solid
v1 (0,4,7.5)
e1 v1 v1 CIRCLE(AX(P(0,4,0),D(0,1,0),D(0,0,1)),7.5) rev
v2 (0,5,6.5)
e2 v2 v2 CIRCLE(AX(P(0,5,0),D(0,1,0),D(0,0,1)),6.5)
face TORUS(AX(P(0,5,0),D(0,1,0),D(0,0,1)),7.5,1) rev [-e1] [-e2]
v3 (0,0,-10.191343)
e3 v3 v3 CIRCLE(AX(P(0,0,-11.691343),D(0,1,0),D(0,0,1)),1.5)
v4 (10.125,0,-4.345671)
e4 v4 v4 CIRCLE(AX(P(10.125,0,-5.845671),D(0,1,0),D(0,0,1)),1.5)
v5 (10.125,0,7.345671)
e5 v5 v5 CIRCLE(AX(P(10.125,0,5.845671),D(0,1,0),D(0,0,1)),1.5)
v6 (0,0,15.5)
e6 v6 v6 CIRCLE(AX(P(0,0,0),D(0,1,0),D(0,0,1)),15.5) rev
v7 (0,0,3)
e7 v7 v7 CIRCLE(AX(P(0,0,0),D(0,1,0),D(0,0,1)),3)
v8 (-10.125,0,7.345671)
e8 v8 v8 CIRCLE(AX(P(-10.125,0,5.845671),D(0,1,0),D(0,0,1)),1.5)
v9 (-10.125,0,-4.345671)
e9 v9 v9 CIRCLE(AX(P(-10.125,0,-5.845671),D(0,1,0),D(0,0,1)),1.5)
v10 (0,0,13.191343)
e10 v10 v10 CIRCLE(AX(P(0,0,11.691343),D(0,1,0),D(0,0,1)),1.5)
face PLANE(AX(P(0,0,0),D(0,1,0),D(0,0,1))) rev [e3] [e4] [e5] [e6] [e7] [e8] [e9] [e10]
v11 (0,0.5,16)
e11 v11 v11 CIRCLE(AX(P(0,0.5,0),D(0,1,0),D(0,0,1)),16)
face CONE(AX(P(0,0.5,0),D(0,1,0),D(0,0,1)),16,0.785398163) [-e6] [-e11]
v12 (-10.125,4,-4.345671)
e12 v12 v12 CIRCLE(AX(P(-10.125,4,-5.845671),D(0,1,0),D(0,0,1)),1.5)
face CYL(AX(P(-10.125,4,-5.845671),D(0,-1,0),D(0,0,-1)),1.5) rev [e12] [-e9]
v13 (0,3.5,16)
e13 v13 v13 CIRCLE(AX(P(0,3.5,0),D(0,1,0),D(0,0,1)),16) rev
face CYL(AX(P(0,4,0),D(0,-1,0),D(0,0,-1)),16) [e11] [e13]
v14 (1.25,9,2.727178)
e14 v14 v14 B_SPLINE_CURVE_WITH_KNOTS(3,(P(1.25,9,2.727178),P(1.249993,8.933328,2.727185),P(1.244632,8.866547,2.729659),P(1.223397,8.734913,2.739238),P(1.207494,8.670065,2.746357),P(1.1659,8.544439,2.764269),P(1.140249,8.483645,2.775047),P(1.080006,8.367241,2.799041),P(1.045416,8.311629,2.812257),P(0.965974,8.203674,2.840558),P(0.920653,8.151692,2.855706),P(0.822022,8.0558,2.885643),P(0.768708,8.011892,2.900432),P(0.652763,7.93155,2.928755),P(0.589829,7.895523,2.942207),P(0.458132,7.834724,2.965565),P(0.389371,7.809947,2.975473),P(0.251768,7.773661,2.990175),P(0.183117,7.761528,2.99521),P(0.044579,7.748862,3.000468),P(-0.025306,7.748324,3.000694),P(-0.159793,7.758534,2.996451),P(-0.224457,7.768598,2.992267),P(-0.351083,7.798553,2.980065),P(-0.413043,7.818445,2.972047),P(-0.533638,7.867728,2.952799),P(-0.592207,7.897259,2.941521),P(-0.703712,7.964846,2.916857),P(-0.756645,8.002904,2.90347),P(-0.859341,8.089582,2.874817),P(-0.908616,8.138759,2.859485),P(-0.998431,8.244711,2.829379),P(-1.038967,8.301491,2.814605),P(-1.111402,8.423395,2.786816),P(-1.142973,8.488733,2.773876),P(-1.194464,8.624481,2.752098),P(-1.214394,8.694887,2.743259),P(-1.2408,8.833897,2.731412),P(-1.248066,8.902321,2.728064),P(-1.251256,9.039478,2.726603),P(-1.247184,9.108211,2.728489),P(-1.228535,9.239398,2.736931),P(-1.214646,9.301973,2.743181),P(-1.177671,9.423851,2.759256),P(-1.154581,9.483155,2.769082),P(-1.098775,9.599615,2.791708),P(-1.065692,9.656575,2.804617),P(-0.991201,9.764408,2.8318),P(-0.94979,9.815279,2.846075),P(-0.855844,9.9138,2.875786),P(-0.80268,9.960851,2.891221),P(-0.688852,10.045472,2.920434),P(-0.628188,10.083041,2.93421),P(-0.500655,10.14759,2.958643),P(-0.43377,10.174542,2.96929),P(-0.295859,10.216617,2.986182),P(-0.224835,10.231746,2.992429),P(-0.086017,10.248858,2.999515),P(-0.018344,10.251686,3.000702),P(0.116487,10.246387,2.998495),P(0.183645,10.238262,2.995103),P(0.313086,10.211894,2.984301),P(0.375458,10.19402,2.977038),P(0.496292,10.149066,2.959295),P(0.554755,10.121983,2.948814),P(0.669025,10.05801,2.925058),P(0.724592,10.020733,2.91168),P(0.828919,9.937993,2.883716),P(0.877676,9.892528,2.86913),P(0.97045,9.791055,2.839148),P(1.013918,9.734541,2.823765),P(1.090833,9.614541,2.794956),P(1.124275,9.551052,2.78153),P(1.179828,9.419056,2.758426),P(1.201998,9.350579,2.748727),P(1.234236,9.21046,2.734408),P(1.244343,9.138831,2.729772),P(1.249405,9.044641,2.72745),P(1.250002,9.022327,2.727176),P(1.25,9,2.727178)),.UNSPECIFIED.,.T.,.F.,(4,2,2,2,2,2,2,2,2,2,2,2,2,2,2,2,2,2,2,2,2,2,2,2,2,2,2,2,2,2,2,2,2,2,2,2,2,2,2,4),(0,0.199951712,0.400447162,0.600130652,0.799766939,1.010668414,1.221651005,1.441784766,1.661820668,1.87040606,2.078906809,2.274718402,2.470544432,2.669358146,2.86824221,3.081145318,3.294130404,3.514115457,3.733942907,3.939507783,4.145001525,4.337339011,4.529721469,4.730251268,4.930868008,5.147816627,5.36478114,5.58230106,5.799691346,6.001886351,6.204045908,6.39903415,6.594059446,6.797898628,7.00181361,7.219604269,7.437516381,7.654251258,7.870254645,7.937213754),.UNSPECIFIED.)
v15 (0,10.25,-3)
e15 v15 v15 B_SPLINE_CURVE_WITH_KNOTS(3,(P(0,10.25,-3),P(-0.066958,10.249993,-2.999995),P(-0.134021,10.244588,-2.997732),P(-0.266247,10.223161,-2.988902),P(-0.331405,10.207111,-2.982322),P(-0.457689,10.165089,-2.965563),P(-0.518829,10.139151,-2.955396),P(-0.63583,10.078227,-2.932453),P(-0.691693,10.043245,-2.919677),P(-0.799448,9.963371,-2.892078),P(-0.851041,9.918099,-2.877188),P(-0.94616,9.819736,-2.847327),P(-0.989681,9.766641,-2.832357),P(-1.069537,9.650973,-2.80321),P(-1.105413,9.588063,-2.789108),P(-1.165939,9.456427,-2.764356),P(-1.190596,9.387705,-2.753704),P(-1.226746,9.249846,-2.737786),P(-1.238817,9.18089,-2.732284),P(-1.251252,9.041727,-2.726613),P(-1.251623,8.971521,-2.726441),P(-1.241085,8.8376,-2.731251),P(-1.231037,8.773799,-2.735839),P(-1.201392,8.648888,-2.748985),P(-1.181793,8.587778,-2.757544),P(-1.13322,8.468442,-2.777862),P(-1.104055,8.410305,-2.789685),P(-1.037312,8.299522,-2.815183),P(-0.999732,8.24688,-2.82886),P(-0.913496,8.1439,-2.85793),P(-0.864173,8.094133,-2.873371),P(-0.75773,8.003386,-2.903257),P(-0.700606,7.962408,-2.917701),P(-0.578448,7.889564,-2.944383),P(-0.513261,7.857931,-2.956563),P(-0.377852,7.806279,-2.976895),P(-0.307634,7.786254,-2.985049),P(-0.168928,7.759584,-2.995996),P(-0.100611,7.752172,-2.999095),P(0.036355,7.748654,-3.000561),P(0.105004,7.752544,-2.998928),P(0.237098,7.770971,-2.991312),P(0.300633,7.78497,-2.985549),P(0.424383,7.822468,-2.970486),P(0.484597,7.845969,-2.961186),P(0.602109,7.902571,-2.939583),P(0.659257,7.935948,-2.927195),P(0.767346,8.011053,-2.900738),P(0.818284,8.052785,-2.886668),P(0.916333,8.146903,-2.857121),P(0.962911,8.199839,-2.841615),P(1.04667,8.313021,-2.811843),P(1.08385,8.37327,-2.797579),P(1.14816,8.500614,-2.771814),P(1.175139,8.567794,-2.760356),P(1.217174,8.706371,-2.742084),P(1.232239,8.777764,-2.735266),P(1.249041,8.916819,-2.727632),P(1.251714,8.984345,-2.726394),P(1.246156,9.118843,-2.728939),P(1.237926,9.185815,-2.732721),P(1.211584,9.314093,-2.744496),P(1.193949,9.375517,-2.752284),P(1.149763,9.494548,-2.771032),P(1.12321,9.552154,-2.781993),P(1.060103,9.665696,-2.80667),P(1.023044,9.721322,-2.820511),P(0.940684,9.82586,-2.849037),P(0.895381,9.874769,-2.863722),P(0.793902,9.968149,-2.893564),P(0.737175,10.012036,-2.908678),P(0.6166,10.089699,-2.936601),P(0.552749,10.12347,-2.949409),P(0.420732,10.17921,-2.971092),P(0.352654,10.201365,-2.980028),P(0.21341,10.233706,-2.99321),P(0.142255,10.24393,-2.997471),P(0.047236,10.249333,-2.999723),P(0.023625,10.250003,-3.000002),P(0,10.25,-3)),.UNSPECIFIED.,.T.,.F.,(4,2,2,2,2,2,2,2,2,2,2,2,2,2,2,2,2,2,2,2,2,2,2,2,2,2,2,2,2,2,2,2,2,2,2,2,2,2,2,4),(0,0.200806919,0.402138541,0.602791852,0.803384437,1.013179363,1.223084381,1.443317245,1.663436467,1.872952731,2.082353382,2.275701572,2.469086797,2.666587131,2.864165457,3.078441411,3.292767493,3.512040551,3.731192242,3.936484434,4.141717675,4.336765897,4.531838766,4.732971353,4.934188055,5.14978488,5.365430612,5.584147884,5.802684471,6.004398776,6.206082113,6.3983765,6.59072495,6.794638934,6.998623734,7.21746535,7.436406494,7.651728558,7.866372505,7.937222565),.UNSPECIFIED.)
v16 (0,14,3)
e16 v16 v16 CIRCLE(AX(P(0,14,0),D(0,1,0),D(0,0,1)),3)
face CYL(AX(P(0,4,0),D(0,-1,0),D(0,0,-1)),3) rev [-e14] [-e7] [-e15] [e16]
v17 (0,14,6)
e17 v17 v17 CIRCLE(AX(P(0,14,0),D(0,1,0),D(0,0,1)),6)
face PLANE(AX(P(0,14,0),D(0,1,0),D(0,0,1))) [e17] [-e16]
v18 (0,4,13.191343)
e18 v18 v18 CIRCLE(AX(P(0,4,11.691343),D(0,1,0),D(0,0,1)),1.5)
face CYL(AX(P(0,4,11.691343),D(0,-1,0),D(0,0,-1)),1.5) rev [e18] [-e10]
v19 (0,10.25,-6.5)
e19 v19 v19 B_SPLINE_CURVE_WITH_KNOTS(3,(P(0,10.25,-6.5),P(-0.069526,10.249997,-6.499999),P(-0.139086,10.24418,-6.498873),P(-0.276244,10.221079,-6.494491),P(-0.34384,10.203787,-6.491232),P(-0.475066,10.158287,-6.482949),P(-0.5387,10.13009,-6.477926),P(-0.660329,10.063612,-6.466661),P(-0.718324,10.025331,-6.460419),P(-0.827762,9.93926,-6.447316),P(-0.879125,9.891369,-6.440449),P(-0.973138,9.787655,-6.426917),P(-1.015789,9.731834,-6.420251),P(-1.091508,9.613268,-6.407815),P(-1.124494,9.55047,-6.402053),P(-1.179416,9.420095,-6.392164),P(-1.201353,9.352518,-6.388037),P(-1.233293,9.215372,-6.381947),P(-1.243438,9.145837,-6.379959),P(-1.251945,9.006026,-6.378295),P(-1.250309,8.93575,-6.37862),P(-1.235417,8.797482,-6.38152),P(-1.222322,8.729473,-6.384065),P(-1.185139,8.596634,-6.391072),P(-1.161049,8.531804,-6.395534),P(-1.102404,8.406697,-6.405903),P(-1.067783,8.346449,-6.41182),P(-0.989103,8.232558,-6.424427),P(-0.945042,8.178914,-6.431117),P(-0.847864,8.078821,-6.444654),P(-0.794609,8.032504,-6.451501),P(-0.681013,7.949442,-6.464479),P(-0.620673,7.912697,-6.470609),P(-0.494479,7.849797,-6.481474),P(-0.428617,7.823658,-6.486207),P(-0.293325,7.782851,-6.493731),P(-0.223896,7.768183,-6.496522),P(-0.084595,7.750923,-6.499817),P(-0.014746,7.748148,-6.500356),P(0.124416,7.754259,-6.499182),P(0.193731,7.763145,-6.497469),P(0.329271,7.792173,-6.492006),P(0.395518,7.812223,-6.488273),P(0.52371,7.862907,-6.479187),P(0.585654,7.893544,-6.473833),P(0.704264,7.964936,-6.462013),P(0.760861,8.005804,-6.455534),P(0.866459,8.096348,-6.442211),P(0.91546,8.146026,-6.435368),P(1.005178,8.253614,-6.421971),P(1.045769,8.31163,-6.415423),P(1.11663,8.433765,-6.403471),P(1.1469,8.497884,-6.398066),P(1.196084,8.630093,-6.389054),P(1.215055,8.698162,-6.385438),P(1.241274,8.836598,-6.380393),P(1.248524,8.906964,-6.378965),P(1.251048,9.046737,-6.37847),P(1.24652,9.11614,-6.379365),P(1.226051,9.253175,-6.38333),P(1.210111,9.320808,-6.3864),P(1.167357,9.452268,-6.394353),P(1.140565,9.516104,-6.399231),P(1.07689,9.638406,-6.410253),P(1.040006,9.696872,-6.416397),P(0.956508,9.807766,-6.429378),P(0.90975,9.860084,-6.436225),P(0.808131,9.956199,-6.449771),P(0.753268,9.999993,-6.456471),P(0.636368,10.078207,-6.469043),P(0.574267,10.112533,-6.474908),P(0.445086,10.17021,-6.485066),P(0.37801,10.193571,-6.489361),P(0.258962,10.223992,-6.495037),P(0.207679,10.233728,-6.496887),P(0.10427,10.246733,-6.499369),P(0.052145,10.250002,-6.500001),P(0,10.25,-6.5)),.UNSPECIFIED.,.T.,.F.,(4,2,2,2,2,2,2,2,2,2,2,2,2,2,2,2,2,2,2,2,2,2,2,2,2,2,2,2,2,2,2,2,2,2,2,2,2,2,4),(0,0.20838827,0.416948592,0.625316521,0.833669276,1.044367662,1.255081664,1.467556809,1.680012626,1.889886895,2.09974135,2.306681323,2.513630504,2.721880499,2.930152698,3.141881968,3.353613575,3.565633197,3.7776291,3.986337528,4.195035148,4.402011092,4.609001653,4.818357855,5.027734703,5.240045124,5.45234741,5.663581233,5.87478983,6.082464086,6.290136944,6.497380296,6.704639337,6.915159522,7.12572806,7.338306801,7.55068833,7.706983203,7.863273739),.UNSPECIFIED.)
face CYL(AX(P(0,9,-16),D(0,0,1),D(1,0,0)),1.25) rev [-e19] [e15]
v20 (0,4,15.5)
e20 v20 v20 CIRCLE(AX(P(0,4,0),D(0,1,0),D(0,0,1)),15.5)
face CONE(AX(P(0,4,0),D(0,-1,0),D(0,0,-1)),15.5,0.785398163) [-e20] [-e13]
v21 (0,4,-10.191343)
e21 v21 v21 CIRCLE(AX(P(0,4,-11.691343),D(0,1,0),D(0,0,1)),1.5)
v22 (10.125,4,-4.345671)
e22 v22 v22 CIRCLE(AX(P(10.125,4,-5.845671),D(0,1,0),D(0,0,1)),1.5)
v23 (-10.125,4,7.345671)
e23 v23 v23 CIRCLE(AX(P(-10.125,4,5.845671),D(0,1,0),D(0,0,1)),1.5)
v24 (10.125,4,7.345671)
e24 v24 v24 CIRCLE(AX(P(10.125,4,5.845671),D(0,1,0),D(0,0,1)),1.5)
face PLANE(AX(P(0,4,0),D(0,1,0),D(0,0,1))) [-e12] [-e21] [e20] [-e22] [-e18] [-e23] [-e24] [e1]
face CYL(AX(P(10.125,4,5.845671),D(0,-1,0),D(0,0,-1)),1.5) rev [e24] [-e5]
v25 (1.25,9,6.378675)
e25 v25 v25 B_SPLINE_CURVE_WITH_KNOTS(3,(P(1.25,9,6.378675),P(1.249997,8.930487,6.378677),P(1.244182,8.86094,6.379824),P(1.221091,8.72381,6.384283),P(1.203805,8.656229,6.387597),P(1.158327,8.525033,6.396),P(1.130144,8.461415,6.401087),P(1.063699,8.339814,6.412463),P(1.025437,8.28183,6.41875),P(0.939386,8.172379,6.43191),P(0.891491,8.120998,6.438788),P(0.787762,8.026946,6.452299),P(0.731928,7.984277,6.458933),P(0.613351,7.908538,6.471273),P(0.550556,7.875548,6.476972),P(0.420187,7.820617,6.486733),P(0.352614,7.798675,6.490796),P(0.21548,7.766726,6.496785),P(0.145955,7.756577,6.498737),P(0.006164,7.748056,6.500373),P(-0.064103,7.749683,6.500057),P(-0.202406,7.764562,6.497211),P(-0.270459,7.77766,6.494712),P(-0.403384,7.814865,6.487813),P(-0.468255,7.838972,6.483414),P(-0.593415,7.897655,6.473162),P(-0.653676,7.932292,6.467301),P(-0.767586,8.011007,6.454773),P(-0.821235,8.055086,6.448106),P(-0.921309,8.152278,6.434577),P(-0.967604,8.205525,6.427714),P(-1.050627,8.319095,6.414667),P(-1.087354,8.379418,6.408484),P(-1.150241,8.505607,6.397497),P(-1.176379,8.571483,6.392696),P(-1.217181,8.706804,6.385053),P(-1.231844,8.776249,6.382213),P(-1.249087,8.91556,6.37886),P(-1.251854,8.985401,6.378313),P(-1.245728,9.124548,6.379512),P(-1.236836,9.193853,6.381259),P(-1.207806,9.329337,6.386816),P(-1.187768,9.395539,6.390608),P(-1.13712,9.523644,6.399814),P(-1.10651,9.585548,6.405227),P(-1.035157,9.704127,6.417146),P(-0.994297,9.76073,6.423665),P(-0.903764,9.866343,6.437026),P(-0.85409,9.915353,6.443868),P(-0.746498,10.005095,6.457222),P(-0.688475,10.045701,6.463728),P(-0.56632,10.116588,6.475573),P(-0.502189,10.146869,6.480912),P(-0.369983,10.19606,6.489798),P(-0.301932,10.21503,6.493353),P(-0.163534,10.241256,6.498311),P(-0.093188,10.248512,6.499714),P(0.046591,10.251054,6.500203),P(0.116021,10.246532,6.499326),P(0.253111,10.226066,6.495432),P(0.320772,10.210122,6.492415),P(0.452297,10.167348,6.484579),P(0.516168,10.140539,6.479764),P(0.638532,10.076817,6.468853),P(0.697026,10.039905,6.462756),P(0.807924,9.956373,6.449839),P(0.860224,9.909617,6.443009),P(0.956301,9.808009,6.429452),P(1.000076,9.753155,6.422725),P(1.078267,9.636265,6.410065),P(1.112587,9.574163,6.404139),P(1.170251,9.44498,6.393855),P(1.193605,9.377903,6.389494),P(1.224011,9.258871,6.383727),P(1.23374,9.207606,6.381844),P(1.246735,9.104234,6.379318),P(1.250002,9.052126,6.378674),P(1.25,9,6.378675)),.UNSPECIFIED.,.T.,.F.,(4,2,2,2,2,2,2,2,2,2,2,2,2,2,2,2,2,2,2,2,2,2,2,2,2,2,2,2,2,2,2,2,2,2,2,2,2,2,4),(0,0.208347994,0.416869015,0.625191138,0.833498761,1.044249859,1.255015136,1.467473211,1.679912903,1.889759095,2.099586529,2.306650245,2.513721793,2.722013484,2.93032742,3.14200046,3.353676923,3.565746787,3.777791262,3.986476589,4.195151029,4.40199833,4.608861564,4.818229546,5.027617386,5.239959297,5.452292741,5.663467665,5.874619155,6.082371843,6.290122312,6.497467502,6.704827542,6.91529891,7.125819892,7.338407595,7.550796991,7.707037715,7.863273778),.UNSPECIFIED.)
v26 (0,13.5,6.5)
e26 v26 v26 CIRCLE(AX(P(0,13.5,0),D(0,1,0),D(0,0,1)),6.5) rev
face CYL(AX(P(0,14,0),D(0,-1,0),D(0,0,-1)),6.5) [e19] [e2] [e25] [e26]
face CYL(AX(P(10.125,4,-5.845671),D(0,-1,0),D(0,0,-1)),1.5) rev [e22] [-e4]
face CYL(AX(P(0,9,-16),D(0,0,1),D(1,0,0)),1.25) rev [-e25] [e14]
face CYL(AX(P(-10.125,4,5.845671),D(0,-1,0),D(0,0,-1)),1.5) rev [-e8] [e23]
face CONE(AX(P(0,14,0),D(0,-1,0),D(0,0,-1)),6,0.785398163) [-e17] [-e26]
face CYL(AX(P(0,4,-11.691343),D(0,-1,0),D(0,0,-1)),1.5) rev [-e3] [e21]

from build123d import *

# Parameters (mm, degrees)
SKETCH1_R               = 16
SKETCH1_R_2             = 1.5
SKETCH1_R_3             = 3
BOSS_EXTRUDE1_DEPTH     = 4
SKETCH2_R               = 6.5
SKETCH2_R_2             = 3
BOSS_EXTRUDE2_DEPTH     = 10
FILLET1_R               = 1
CUT_EXTRUDE1_DEPTH      = 27.608269391
CUT_EXTRUDE1_DEPTH_BACK = 27.608269391
SKETCH3_R               = 1.25
CHAMFER1_SIZE           = 0.5


with BuildPart() as part:
    # Sketch1 → Boss-Extrude1 (new body)
    with BuildSketch(Plane(origin=(0, 0, 0), x_dir=(1, 0, 0), z_dir=(0, 1, 0))):
        with Locations(Location((0, 0, 0), (0, 0, 270))):
            Circle(SKETCH1_R)
        with Locations(Location((0, 11.691342951, 0), (0, 0, 270))):
            Circle(SKETCH1_R_2, mode=Mode.SUBTRACT)
        with Locations(Location((10.125, 5.845671476, 0), (0, 0, 270))):
            Circle(SKETCH1_R_2, mode=Mode.SUBTRACT)
        with Locations(Location((10.125, -5.845671476, 0), (0, 0, 270))):
            Circle(SKETCH1_R_2, mode=Mode.SUBTRACT)
        with Locations(Location((0, -11.691342951, 0), (0, 0, 270))):
            Circle(SKETCH1_R_2, mode=Mode.SUBTRACT)
        with Locations(Location((-10.125, -5.845671476, 0), (0, 0, 270))):
            Circle(SKETCH1_R_2, mode=Mode.SUBTRACT)
        with Locations(Location((-10.125, 5.845671476, 0), (0, 0, 270))):
            Circle(SKETCH1_R_2, mode=Mode.SUBTRACT)
        with Locations(Location((0, 0, 0), (0, 0, 270))):
            Circle(SKETCH1_R_3, mode=Mode.SUBTRACT)
    extrude(amount=BOSS_EXTRUDE1_DEPTH)

    # Sketch2 → Boss-Extrude2 (add)
    with BuildSketch(Plane(origin=(0, 4, 0), x_dir=(1, 0, 0), z_dir=(0, 1, 0))):
        with Locations(Location((0, 0, 0), (0, 0, 270))):
            Circle(SKETCH2_R)
        with Locations(Location((0, 0, 0), (0, 0, 270))):
            Circle(SKETCH2_R_2, mode=Mode.SUBTRACT)
    extrude(amount=BOSS_EXTRUDE2_DEPTH)

    # Fillet1
    fillet1_edges = [part.edges().sort_by_distance(p)[0] for p in [
        (0, 4, -6.5),
    ]]
    fillet(fillet1_edges, radius=FILLET1_R)

    # Sketch3 → Cut-Extrude1 (cut, two sides: drawn at the far end of the back side and taken through both)
    with BuildSketch(Plane.XY.offset(-CUT_EXTRUDE1_DEPTH_BACK)):
        with Locations((0, 9)):
            Circle(SKETCH3_R)
    extrude(amount=CUT_EXTRUDE1_DEPTH + CUT_EXTRUDE1_DEPTH_BACK, mode=Mode.SUBTRACT)

    # Chamfer1
    chamfer1_edges = [part.edges().sort_by_distance(p)[0] for p in [
        (0, 0, -16),
        (0, 14, -6.5),
        (0, 4, -16),
    ]]
    chamfer(chamfer1_edges, length=CHAMFER1_SIZE)


solid = part.part
